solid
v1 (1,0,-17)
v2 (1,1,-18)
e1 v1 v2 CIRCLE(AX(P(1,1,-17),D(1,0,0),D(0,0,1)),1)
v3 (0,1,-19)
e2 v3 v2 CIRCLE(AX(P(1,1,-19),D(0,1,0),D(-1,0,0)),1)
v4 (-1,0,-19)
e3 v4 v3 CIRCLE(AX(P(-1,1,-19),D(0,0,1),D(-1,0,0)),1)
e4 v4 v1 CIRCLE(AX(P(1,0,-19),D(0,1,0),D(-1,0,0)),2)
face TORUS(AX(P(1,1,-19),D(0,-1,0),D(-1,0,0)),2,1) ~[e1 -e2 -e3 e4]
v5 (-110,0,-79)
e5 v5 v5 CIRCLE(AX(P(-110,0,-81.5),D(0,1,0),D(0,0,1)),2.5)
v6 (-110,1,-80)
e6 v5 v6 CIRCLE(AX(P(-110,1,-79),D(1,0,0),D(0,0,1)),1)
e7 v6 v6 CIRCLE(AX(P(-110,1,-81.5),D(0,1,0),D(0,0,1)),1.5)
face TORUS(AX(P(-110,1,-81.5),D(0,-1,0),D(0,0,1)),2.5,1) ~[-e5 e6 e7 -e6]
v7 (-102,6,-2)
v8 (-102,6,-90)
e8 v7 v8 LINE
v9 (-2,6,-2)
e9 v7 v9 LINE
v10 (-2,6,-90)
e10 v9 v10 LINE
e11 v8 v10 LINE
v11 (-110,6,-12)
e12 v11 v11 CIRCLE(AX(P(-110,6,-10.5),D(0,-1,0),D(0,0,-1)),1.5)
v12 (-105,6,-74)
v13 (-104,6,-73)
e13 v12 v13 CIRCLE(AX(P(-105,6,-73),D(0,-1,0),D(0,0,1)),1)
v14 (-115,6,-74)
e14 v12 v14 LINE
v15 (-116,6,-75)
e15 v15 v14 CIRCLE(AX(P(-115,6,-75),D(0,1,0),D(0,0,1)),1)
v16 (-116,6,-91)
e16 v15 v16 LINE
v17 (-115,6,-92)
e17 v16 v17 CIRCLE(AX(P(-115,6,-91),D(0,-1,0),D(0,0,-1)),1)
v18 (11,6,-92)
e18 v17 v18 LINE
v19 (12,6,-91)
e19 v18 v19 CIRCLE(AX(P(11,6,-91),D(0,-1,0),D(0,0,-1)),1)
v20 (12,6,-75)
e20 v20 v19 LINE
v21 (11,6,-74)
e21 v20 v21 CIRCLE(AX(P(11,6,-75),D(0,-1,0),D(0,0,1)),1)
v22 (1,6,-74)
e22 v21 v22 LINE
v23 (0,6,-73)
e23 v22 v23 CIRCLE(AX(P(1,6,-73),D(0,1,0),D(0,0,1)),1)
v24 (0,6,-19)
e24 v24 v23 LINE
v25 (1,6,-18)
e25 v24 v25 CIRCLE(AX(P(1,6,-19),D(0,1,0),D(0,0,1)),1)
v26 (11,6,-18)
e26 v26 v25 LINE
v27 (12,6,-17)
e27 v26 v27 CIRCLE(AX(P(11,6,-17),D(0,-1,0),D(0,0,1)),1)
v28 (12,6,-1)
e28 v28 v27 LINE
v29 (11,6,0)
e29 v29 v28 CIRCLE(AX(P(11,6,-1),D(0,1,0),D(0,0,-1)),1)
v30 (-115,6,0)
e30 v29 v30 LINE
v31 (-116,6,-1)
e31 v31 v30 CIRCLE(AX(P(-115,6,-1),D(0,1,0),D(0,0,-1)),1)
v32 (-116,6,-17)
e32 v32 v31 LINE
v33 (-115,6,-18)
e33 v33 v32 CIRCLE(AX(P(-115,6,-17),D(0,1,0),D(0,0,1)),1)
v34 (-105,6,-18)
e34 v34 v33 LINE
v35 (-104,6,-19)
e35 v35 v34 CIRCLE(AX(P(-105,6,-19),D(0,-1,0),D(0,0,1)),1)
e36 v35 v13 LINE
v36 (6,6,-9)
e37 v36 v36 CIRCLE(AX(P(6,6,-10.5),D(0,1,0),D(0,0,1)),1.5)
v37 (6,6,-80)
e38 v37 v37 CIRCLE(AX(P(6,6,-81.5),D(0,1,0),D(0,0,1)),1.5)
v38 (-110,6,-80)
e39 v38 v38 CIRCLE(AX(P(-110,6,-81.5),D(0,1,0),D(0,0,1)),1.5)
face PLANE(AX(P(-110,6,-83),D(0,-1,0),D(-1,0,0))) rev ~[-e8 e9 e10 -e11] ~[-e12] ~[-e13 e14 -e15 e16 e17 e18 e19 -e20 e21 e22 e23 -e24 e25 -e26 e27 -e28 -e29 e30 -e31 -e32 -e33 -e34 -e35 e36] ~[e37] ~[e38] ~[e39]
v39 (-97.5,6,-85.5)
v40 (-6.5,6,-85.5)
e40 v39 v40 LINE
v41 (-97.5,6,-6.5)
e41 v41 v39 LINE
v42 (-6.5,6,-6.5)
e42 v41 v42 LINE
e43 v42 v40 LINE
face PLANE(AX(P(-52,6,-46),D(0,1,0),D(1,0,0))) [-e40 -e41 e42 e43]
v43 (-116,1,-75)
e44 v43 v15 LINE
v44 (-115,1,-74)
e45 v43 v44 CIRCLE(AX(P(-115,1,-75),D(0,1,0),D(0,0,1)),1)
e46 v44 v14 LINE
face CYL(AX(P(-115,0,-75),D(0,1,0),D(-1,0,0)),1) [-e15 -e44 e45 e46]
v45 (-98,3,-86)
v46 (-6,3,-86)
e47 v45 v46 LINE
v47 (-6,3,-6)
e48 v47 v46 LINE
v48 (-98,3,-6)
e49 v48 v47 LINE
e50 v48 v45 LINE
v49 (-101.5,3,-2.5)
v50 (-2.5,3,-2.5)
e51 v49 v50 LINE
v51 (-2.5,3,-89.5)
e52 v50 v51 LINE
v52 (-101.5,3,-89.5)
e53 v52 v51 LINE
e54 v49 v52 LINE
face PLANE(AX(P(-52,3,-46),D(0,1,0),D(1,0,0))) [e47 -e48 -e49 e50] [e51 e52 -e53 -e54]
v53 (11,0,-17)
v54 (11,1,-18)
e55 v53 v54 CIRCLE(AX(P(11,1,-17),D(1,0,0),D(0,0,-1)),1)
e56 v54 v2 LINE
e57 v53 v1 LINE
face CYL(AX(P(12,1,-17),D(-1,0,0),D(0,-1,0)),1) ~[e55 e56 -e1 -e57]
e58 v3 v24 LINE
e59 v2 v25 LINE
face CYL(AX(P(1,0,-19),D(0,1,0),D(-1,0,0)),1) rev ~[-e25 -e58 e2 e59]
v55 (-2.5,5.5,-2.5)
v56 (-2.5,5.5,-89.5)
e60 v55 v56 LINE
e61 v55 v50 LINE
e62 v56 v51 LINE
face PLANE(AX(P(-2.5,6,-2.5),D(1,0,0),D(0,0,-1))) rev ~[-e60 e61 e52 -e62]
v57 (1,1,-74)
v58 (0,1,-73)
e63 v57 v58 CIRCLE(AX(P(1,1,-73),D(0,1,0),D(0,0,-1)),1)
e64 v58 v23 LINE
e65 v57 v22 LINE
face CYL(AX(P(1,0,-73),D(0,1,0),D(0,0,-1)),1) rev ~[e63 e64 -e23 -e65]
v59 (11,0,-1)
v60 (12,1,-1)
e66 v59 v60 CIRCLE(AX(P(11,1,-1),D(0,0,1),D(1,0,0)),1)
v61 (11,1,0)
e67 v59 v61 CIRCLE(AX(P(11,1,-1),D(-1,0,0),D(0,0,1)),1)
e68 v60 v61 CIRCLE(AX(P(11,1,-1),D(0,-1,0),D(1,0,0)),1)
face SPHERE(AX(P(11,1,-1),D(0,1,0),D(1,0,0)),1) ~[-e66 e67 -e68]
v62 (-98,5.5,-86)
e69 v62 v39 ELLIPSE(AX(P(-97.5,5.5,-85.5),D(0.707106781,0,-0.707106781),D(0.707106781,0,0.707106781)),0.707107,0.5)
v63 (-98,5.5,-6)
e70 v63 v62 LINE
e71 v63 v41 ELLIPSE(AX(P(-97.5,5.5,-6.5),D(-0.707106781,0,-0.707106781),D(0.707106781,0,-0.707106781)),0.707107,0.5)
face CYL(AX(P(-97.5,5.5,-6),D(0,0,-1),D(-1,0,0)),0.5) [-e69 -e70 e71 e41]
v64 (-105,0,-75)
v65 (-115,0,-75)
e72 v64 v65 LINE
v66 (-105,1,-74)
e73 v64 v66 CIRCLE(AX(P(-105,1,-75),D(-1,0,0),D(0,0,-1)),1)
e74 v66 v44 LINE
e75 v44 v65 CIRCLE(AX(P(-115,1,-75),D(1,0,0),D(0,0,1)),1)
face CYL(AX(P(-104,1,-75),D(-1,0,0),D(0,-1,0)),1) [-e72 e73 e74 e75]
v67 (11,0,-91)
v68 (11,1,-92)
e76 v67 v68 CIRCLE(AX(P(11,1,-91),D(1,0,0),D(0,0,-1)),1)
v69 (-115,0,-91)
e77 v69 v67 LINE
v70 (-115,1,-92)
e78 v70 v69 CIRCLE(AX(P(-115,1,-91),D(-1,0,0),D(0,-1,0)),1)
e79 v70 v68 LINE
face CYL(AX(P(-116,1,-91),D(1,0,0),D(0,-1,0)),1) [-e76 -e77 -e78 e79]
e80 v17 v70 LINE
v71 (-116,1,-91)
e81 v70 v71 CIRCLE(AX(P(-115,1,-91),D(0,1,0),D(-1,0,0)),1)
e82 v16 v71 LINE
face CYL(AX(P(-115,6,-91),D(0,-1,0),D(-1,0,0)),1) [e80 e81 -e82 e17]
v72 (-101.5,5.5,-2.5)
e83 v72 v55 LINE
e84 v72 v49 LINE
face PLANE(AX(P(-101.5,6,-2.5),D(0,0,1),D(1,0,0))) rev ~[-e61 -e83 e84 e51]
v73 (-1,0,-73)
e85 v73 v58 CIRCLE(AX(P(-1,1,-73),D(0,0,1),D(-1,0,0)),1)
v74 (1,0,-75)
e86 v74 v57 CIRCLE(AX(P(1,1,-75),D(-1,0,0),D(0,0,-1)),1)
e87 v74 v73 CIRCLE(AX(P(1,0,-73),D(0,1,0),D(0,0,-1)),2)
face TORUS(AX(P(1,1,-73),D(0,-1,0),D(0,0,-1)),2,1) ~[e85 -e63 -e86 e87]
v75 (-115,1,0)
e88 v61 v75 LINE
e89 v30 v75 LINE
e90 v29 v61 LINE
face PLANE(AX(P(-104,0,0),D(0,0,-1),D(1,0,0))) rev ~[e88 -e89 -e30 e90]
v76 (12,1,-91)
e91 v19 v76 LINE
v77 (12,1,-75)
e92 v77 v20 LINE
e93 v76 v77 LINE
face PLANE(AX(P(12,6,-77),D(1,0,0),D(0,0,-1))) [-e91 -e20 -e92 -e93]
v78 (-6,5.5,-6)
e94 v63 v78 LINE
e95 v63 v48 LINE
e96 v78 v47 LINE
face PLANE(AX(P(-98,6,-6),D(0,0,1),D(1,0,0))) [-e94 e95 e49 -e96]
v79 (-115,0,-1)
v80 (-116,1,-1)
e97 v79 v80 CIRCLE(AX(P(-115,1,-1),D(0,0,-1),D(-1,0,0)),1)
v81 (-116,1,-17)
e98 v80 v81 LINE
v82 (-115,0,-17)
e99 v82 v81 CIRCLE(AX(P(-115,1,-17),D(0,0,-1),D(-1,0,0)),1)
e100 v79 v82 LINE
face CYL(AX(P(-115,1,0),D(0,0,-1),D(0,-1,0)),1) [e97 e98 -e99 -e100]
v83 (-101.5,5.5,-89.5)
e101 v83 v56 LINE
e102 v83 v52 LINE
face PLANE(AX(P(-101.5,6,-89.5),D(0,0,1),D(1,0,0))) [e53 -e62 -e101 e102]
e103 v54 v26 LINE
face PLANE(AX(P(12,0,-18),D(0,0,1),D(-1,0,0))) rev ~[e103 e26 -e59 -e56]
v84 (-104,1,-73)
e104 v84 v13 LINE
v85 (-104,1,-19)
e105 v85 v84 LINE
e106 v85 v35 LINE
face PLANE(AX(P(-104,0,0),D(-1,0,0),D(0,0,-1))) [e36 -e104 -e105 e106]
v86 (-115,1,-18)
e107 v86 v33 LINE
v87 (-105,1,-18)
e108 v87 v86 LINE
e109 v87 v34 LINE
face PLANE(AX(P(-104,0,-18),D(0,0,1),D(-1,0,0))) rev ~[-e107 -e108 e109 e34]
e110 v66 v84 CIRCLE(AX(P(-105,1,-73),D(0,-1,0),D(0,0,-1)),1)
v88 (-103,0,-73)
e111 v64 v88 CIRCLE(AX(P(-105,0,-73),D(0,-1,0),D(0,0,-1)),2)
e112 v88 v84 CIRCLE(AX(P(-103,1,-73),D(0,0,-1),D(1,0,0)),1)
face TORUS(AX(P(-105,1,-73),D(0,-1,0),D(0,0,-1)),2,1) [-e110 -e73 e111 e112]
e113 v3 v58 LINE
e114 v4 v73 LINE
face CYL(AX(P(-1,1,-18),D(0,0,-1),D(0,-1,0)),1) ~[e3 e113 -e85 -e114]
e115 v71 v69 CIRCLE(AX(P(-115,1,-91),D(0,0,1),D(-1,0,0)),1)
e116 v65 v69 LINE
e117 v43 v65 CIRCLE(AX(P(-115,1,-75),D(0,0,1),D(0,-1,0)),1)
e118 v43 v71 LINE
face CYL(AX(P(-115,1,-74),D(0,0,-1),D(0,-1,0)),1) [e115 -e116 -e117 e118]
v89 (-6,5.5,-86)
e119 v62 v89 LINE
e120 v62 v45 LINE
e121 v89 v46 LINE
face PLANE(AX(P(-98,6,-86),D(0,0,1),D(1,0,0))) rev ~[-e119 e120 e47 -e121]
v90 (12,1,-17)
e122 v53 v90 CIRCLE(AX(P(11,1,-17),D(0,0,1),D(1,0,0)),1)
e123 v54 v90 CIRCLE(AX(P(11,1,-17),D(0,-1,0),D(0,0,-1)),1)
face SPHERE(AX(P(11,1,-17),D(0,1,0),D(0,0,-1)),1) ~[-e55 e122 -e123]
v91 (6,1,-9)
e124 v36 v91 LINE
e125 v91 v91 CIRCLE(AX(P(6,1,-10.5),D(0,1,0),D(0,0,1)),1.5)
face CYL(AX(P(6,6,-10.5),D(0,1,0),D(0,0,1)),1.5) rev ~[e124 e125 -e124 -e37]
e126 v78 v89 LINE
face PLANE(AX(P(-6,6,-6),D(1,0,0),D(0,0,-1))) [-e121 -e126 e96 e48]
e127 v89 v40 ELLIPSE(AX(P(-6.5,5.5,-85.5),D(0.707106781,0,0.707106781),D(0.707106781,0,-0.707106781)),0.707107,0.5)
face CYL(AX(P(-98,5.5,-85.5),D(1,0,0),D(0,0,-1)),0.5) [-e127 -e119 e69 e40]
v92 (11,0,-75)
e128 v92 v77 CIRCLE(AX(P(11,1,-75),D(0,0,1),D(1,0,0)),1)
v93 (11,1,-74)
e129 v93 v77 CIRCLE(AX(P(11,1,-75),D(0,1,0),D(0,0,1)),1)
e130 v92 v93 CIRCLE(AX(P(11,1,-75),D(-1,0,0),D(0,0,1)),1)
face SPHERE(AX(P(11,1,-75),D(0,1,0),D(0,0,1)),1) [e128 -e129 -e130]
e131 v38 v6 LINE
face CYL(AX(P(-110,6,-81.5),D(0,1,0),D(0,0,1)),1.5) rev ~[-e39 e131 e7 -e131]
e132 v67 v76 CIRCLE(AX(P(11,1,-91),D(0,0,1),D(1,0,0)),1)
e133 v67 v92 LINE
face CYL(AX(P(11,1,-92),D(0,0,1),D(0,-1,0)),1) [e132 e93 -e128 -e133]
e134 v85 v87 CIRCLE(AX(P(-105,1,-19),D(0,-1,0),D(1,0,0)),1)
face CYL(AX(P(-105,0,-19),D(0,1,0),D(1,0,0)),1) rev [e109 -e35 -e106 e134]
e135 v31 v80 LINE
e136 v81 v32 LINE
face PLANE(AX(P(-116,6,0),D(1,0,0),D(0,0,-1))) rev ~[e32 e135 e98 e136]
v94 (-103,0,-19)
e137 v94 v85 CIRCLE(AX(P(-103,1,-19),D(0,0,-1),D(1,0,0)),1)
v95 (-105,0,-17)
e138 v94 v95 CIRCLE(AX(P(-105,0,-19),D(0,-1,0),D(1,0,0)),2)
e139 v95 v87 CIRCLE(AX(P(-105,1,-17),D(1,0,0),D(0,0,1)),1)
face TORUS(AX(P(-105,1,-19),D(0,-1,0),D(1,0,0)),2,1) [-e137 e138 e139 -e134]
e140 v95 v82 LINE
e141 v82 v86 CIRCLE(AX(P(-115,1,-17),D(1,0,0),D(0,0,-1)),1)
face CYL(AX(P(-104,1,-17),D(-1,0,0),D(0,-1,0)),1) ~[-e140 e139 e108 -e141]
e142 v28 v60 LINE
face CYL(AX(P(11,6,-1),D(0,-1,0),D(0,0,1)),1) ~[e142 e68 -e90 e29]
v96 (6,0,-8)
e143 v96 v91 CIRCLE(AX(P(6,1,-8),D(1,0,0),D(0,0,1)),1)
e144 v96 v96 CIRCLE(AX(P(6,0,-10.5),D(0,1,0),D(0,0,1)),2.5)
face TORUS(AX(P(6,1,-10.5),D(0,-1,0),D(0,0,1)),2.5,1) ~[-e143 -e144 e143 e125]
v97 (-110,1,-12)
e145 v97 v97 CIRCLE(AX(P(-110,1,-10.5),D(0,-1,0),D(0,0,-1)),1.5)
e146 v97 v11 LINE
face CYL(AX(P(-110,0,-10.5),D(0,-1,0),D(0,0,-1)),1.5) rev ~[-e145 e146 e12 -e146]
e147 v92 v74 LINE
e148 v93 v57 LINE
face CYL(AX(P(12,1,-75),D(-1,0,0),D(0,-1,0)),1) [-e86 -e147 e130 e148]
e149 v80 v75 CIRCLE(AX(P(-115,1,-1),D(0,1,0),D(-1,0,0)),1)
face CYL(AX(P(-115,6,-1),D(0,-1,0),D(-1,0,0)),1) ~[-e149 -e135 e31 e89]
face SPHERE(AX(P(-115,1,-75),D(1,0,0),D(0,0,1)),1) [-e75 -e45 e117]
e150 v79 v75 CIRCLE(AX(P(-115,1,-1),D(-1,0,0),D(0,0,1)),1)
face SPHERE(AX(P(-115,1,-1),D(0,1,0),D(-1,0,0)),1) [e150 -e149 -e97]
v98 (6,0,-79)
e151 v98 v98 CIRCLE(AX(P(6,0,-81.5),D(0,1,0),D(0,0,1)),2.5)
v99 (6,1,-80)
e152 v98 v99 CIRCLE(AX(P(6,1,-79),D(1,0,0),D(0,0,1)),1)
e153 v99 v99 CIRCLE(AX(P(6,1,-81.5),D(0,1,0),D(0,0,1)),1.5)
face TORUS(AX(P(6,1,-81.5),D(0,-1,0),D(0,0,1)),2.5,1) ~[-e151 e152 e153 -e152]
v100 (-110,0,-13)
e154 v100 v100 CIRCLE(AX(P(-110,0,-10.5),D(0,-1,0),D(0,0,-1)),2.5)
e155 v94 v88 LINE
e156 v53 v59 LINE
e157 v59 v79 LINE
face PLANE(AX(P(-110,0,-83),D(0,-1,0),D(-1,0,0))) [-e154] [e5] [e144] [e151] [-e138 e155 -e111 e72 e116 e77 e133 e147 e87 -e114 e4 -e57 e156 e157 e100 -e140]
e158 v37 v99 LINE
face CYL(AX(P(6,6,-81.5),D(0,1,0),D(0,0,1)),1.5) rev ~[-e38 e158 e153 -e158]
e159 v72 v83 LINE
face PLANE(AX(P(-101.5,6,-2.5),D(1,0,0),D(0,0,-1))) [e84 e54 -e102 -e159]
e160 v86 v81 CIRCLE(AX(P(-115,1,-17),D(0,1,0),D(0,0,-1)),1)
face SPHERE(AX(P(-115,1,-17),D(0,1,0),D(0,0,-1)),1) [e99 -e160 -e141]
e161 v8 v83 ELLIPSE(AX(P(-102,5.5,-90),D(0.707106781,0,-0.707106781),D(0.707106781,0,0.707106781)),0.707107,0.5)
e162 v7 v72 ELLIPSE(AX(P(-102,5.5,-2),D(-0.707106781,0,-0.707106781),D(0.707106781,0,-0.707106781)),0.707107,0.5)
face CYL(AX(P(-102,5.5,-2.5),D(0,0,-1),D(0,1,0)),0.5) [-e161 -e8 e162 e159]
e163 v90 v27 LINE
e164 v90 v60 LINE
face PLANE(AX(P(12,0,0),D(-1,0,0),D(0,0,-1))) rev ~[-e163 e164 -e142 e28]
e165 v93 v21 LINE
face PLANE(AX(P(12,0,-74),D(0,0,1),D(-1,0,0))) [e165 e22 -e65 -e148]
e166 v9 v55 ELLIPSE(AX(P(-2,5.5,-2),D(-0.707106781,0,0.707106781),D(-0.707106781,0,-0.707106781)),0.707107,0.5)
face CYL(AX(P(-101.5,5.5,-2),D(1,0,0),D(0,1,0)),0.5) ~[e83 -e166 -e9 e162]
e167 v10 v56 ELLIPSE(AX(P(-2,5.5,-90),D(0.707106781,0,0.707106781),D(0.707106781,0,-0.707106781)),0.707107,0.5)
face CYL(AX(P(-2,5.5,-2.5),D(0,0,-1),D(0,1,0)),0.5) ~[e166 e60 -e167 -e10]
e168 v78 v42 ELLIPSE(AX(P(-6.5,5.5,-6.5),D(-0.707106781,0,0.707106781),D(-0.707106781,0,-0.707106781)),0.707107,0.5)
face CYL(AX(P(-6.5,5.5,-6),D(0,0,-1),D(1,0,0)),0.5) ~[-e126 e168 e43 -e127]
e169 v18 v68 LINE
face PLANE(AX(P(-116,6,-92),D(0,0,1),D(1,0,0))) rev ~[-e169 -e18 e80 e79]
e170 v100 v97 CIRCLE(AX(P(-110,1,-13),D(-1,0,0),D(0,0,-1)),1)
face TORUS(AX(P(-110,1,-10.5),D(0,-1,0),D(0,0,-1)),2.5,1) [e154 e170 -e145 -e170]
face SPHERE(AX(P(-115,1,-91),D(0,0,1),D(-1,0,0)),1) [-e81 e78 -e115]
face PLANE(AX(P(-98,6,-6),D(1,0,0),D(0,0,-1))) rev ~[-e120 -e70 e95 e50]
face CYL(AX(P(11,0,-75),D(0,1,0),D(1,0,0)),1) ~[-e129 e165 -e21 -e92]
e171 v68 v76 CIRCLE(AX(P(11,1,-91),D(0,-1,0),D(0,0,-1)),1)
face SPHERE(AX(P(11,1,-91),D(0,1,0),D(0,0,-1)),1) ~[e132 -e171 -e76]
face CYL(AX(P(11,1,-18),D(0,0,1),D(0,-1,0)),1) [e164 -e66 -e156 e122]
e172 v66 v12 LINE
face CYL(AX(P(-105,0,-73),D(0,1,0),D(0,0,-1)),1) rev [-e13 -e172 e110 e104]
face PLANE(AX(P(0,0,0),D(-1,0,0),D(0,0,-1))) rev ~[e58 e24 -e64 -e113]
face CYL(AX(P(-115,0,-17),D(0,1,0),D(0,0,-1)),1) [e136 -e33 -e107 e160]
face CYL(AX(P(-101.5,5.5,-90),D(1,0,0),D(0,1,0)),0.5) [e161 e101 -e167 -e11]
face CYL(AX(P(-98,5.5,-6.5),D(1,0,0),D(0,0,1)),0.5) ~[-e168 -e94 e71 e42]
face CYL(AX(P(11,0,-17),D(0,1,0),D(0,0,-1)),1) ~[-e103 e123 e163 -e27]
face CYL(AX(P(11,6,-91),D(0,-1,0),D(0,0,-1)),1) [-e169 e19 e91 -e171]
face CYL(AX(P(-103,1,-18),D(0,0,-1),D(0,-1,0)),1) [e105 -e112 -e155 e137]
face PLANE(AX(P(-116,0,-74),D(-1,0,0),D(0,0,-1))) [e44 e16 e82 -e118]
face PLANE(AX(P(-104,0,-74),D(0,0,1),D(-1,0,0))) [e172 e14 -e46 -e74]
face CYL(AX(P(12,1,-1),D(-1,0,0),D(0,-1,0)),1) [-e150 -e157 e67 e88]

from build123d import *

# Parameters (mm, degrees)
ESBO_O1_W                = 104
ESBO_O1_H                = 92
RESSALTO_EXTRUS_O1_DEPTH = 6
ESBO_O2_W                = 99
ESBO_O2_H                = 87
ESBO_O2_W_2              = 92
ESBO_O2_H_2              = 80
CORTE_EXTRUS_O1_DEPTH    = 3
FILETE1_R                = 0.5
ESBO_O4_W                = 12
ESBO_O4_H                = 15
RESSALTO_EXTRUS_O2_DEPTH = 6
ESBO_O5_R                = 1.5
CORTE_EXTRUS_O2_DEPTH    = 6
ESBO_O6_R                = 2.5
CORTE_EXTRUS_O3_DEPTH    = 2
ESBO_O7_W                = 7.98030821
ESBO_O7_H                = 9.10209211
ESBO_O7_W_2              = 6.596398378
ESBO_O7_H_2              = 10.359534239
ESBO_O7_H_3              = 10.002698729
ESBO_O7_W_3              = 6.159268442
ESBO_O7_H_4              = 8.534598922
RESSALTO_EXTRUS_O3_DEPTH = 6
ESBO_O8_W                = 5.104715184
ESBO_O8_H                = 5.727823056
RESSALTO_EXTRUS_O4_DEPTH = 6
ESBO_O9_W                = 12
ESBO_O9_H                = 18
RESSALTO_EXTRUS_O6_DEPTH = 6
ESBO_O10_R               = 1.5
CORTE_EXTRUS_O5_DEPTH    = 10
ESBO_O11_R               = 1.5
CORTE_EXTRUS_O6_DEPTH    = 10
FILETE8_R                = 1


with BuildPart() as part:
    # Esboço1 → Ressalto-extrusão1 (new body)
    with BuildSketch(Plane(origin=(0, 0, 0), x_dir=(1, 0, 0), z_dir=(0, 1, 0))):
        with Locations((-52, 46)):
            Rectangle(ESBO_O1_W, ESBO_O1_H)
    extrude(amount=RESSALTO_EXTRUS_O1_DEPTH)

    # Esboço2 → Corte-extrusão1 (cut)
    with BuildSketch(Plane(origin=(0, 6, 0), x_dir=(1, 0, 0), z_dir=(0, 1, 0))):
        with Locations((-52, 46)):
            Rectangle(ESBO_O2_W, ESBO_O2_H)
        with Locations((-52, 46)):
            Rectangle(ESBO_O2_W_2, ESBO_O2_H_2, mode=Mode.SUBTRACT)
    extrude(amount=-CORTE_EXTRUS_O1_DEPTH, mode=Mode.SUBTRACT)

    # Filete1
    filete1_edges = [part.edges().sort_by_distance(p)[0] for p in [
        (-6, 6, -46),
        (-52, 6, -86),
        (-2.5, 6, -46),
        (-52, 6, -89.5),
        (-101.5, 6, -46),
        (-52, 6, -2.5),
        (-52, 6, -6),
        (-98, 6, -46),
    ]]
    fillet(filete1_edges, radius=FILETE1_R)

    # Esboço4 → Ressalto-extrusão2 (add)
    with BuildSketch(Plane(origin=(0, 6, 0), x_dir=(1, 0, 0), z_dir=(0, 1, 0))):
        with Locations((-110, 84.5)):
            Rectangle(ESBO_O4_W, ESBO_O4_H)
        with Locations((-110, 7.5)):
            Rectangle(ESBO_O4_W, ESBO_O4_H)
        with Locations((6, 84.5)):
            Rectangle(ESBO_O4_W, ESBO_O4_H)
        with Locations((6, 7.5)):
            Rectangle(ESBO_O4_W, ESBO_O4_H)
    extrude(amount=-RESSALTO_EXTRUS_O2_DEPTH)

    # Esboço5 → Corte-extrusão2 (cut)
    with BuildSketch(Plane(origin=(0, 6, 0), x_dir=(1, 0, 0), z_dir=(0, 1, 0))):
        with Locations(Location((-110, 84.5, 0), (0, 0, 270))):
            Circle(ESBO_O5_R)
        with Locations(Location((6, 84.5, 0), (0, 0, 270))):
            Circle(ESBO_O5_R)
        with Locations(Location((6, 7.5, 0), (0, 0, 270))):
            Circle(ESBO_O5_R)
        with Locations(Location((-110, 7.5, 0), (0, 0, 270))):
            Circle(ESBO_O5_R)
    extrude(amount=-CORTE_EXTRUS_O2_DEPTH, mode=Mode.SUBTRACT)

    # Esboço6 → Corte-extrusão3 (cut)
    with BuildSketch(Plane.XZ):
        with Locations(Location((-110, -7.5, 0), (0, 0, 270))):
            Circle(ESBO_O6_R)
        with Locations(Location((6, -7.5, 0), (0, 0, 270))):
            Circle(ESBO_O6_R)
        with Locations(Location((6, -84.5, 0), (0, 0, 270))):
            Circle(ESBO_O6_R)
        with Locations(Location((-110, -84.5, 0), (0, 0, 270))):
            Circle(ESBO_O6_R)
    extrude(amount=-CORTE_EXTRUS_O3_DEPTH, mode=Mode.SUBTRACT)

    # Esboço7 → Ressalto-extrusão3 (add)
    with BuildSketch(Plane(origin=(0, 6, 0), x_dir=(1, 0, 0), z_dir=(0, 1, 0))):
        with Locations((5.307816373, 84.855833867)):
            Rectangle(ESBO_O7_W, ESBO_O7_H)
        with Locations((-110.167606883, 84.227112803)):
            Rectangle(ESBO_O7_W_2, ESBO_O7_H_2)
        with Locations((-110.167606883, 7.052412752)):
            Rectangle(ESBO_O7_W_2, ESBO_O7_H_3)
        with Locations((6.218336257, 7.786462655)):
            Rectangle(ESBO_O7_W_3, ESBO_O7_H_4)
    extrude(amount=-RESSALTO_EXTRUS_O3_DEPTH)

    # Esboço8 → Ressalto-extrusão4 (add)
    with BuildSketch(Plane.XZ):
        with Locations((3.170040608, -7.80145261)):
            Rectangle(ESBO_O8_W, ESBO_O8_H)
    extrude(amount=-RESSALTO_EXTRUS_O4_DEPTH)

    # Esboço9 → Ressalto-extrusão6 (add)
    with BuildSketch(Plane(origin=(0, 0, 0), x_dir=(-1, 0, 0), z_dir=(0, -1, 0))):
        with Locations((110, 83)):
            Rectangle(ESBO_O9_W, ESBO_O9_H)
        with Locations((-6, 83)):
            Rectangle(ESBO_O9_W, ESBO_O9_H)
        with Locations((110, 9)):
            Rectangle(ESBO_O9_W, ESBO_O9_H)
        with Locations((-6, 9)):
            Rectangle(ESBO_O9_W, ESBO_O9_H)
    extrude(amount=-RESSALTO_EXTRUS_O6_DEPTH)

    # Esboço10 → Corte-extrusão5 (cut)
    with BuildSketch(Plane.XZ):
        with Locations(Location((-110, -10.5, 0), (0, 0, 270))):
            Circle(ESBO_O10_R)
    extrude(amount=-CORTE_EXTRUS_O5_DEPTH, mode=Mode.SUBTRACT)

    # Esboço11 → Corte-extrusão6 (cut)
    with BuildSketch(Plane(origin=(0, 6, 0), x_dir=(1, 0, 0), z_dir=(0, 1, 0))):
        with Locations(Location((-110, 81.5, 0), (0, 0, 270))):
            Circle(ESBO_O11_R)
        with Locations(Location((6, 81.5, 0), (0, 0, 270))):
            Circle(ESBO_O11_R)
        with Locations(Location((6, 10.5, 0), (0, 0, 270))):
            Circle(ESBO_O11_R)
    extrude(amount=-CORTE_EXTRUS_O6_DEPTH, mode=Mode.SUBTRACT)

    # Filete8
    filete8_edges = [part.edges().sort_by_distance(p)[0] for p in [
        (-104, 3, -18),
        (-116, 3, -18),
        (-116, 3, 0),
        (-104, 3, -74),
        (-110, 0, -74),
        (-116, 3, -74),
        (-110, 0, -83),
        (-116, 0, -83),
        (-116, 3, -92),
        (12, 3, -92),
        (0, 3, -18),
        (12, 3, -18),
        (12, 3, 0),
        (0, 3, -74),
        (12, 3, -74),
        (-52, 0, -92),
        (6, 0, -83),
        (6, 0, -74),
        (12, 0, -83),
        (0, 0, -46),
        (6, 0, -18),
        (6, 0, -12),
        (12, 0, -9),
        (-104, 0, -46),
        (-110, 0, -18),
        (-116, 0, -9),
        (-110, 0, -9),
        (-52, 0, 0),
    ]]
    fillet(filete8_edges, radius=FILETE8_R)


solid = part.part
